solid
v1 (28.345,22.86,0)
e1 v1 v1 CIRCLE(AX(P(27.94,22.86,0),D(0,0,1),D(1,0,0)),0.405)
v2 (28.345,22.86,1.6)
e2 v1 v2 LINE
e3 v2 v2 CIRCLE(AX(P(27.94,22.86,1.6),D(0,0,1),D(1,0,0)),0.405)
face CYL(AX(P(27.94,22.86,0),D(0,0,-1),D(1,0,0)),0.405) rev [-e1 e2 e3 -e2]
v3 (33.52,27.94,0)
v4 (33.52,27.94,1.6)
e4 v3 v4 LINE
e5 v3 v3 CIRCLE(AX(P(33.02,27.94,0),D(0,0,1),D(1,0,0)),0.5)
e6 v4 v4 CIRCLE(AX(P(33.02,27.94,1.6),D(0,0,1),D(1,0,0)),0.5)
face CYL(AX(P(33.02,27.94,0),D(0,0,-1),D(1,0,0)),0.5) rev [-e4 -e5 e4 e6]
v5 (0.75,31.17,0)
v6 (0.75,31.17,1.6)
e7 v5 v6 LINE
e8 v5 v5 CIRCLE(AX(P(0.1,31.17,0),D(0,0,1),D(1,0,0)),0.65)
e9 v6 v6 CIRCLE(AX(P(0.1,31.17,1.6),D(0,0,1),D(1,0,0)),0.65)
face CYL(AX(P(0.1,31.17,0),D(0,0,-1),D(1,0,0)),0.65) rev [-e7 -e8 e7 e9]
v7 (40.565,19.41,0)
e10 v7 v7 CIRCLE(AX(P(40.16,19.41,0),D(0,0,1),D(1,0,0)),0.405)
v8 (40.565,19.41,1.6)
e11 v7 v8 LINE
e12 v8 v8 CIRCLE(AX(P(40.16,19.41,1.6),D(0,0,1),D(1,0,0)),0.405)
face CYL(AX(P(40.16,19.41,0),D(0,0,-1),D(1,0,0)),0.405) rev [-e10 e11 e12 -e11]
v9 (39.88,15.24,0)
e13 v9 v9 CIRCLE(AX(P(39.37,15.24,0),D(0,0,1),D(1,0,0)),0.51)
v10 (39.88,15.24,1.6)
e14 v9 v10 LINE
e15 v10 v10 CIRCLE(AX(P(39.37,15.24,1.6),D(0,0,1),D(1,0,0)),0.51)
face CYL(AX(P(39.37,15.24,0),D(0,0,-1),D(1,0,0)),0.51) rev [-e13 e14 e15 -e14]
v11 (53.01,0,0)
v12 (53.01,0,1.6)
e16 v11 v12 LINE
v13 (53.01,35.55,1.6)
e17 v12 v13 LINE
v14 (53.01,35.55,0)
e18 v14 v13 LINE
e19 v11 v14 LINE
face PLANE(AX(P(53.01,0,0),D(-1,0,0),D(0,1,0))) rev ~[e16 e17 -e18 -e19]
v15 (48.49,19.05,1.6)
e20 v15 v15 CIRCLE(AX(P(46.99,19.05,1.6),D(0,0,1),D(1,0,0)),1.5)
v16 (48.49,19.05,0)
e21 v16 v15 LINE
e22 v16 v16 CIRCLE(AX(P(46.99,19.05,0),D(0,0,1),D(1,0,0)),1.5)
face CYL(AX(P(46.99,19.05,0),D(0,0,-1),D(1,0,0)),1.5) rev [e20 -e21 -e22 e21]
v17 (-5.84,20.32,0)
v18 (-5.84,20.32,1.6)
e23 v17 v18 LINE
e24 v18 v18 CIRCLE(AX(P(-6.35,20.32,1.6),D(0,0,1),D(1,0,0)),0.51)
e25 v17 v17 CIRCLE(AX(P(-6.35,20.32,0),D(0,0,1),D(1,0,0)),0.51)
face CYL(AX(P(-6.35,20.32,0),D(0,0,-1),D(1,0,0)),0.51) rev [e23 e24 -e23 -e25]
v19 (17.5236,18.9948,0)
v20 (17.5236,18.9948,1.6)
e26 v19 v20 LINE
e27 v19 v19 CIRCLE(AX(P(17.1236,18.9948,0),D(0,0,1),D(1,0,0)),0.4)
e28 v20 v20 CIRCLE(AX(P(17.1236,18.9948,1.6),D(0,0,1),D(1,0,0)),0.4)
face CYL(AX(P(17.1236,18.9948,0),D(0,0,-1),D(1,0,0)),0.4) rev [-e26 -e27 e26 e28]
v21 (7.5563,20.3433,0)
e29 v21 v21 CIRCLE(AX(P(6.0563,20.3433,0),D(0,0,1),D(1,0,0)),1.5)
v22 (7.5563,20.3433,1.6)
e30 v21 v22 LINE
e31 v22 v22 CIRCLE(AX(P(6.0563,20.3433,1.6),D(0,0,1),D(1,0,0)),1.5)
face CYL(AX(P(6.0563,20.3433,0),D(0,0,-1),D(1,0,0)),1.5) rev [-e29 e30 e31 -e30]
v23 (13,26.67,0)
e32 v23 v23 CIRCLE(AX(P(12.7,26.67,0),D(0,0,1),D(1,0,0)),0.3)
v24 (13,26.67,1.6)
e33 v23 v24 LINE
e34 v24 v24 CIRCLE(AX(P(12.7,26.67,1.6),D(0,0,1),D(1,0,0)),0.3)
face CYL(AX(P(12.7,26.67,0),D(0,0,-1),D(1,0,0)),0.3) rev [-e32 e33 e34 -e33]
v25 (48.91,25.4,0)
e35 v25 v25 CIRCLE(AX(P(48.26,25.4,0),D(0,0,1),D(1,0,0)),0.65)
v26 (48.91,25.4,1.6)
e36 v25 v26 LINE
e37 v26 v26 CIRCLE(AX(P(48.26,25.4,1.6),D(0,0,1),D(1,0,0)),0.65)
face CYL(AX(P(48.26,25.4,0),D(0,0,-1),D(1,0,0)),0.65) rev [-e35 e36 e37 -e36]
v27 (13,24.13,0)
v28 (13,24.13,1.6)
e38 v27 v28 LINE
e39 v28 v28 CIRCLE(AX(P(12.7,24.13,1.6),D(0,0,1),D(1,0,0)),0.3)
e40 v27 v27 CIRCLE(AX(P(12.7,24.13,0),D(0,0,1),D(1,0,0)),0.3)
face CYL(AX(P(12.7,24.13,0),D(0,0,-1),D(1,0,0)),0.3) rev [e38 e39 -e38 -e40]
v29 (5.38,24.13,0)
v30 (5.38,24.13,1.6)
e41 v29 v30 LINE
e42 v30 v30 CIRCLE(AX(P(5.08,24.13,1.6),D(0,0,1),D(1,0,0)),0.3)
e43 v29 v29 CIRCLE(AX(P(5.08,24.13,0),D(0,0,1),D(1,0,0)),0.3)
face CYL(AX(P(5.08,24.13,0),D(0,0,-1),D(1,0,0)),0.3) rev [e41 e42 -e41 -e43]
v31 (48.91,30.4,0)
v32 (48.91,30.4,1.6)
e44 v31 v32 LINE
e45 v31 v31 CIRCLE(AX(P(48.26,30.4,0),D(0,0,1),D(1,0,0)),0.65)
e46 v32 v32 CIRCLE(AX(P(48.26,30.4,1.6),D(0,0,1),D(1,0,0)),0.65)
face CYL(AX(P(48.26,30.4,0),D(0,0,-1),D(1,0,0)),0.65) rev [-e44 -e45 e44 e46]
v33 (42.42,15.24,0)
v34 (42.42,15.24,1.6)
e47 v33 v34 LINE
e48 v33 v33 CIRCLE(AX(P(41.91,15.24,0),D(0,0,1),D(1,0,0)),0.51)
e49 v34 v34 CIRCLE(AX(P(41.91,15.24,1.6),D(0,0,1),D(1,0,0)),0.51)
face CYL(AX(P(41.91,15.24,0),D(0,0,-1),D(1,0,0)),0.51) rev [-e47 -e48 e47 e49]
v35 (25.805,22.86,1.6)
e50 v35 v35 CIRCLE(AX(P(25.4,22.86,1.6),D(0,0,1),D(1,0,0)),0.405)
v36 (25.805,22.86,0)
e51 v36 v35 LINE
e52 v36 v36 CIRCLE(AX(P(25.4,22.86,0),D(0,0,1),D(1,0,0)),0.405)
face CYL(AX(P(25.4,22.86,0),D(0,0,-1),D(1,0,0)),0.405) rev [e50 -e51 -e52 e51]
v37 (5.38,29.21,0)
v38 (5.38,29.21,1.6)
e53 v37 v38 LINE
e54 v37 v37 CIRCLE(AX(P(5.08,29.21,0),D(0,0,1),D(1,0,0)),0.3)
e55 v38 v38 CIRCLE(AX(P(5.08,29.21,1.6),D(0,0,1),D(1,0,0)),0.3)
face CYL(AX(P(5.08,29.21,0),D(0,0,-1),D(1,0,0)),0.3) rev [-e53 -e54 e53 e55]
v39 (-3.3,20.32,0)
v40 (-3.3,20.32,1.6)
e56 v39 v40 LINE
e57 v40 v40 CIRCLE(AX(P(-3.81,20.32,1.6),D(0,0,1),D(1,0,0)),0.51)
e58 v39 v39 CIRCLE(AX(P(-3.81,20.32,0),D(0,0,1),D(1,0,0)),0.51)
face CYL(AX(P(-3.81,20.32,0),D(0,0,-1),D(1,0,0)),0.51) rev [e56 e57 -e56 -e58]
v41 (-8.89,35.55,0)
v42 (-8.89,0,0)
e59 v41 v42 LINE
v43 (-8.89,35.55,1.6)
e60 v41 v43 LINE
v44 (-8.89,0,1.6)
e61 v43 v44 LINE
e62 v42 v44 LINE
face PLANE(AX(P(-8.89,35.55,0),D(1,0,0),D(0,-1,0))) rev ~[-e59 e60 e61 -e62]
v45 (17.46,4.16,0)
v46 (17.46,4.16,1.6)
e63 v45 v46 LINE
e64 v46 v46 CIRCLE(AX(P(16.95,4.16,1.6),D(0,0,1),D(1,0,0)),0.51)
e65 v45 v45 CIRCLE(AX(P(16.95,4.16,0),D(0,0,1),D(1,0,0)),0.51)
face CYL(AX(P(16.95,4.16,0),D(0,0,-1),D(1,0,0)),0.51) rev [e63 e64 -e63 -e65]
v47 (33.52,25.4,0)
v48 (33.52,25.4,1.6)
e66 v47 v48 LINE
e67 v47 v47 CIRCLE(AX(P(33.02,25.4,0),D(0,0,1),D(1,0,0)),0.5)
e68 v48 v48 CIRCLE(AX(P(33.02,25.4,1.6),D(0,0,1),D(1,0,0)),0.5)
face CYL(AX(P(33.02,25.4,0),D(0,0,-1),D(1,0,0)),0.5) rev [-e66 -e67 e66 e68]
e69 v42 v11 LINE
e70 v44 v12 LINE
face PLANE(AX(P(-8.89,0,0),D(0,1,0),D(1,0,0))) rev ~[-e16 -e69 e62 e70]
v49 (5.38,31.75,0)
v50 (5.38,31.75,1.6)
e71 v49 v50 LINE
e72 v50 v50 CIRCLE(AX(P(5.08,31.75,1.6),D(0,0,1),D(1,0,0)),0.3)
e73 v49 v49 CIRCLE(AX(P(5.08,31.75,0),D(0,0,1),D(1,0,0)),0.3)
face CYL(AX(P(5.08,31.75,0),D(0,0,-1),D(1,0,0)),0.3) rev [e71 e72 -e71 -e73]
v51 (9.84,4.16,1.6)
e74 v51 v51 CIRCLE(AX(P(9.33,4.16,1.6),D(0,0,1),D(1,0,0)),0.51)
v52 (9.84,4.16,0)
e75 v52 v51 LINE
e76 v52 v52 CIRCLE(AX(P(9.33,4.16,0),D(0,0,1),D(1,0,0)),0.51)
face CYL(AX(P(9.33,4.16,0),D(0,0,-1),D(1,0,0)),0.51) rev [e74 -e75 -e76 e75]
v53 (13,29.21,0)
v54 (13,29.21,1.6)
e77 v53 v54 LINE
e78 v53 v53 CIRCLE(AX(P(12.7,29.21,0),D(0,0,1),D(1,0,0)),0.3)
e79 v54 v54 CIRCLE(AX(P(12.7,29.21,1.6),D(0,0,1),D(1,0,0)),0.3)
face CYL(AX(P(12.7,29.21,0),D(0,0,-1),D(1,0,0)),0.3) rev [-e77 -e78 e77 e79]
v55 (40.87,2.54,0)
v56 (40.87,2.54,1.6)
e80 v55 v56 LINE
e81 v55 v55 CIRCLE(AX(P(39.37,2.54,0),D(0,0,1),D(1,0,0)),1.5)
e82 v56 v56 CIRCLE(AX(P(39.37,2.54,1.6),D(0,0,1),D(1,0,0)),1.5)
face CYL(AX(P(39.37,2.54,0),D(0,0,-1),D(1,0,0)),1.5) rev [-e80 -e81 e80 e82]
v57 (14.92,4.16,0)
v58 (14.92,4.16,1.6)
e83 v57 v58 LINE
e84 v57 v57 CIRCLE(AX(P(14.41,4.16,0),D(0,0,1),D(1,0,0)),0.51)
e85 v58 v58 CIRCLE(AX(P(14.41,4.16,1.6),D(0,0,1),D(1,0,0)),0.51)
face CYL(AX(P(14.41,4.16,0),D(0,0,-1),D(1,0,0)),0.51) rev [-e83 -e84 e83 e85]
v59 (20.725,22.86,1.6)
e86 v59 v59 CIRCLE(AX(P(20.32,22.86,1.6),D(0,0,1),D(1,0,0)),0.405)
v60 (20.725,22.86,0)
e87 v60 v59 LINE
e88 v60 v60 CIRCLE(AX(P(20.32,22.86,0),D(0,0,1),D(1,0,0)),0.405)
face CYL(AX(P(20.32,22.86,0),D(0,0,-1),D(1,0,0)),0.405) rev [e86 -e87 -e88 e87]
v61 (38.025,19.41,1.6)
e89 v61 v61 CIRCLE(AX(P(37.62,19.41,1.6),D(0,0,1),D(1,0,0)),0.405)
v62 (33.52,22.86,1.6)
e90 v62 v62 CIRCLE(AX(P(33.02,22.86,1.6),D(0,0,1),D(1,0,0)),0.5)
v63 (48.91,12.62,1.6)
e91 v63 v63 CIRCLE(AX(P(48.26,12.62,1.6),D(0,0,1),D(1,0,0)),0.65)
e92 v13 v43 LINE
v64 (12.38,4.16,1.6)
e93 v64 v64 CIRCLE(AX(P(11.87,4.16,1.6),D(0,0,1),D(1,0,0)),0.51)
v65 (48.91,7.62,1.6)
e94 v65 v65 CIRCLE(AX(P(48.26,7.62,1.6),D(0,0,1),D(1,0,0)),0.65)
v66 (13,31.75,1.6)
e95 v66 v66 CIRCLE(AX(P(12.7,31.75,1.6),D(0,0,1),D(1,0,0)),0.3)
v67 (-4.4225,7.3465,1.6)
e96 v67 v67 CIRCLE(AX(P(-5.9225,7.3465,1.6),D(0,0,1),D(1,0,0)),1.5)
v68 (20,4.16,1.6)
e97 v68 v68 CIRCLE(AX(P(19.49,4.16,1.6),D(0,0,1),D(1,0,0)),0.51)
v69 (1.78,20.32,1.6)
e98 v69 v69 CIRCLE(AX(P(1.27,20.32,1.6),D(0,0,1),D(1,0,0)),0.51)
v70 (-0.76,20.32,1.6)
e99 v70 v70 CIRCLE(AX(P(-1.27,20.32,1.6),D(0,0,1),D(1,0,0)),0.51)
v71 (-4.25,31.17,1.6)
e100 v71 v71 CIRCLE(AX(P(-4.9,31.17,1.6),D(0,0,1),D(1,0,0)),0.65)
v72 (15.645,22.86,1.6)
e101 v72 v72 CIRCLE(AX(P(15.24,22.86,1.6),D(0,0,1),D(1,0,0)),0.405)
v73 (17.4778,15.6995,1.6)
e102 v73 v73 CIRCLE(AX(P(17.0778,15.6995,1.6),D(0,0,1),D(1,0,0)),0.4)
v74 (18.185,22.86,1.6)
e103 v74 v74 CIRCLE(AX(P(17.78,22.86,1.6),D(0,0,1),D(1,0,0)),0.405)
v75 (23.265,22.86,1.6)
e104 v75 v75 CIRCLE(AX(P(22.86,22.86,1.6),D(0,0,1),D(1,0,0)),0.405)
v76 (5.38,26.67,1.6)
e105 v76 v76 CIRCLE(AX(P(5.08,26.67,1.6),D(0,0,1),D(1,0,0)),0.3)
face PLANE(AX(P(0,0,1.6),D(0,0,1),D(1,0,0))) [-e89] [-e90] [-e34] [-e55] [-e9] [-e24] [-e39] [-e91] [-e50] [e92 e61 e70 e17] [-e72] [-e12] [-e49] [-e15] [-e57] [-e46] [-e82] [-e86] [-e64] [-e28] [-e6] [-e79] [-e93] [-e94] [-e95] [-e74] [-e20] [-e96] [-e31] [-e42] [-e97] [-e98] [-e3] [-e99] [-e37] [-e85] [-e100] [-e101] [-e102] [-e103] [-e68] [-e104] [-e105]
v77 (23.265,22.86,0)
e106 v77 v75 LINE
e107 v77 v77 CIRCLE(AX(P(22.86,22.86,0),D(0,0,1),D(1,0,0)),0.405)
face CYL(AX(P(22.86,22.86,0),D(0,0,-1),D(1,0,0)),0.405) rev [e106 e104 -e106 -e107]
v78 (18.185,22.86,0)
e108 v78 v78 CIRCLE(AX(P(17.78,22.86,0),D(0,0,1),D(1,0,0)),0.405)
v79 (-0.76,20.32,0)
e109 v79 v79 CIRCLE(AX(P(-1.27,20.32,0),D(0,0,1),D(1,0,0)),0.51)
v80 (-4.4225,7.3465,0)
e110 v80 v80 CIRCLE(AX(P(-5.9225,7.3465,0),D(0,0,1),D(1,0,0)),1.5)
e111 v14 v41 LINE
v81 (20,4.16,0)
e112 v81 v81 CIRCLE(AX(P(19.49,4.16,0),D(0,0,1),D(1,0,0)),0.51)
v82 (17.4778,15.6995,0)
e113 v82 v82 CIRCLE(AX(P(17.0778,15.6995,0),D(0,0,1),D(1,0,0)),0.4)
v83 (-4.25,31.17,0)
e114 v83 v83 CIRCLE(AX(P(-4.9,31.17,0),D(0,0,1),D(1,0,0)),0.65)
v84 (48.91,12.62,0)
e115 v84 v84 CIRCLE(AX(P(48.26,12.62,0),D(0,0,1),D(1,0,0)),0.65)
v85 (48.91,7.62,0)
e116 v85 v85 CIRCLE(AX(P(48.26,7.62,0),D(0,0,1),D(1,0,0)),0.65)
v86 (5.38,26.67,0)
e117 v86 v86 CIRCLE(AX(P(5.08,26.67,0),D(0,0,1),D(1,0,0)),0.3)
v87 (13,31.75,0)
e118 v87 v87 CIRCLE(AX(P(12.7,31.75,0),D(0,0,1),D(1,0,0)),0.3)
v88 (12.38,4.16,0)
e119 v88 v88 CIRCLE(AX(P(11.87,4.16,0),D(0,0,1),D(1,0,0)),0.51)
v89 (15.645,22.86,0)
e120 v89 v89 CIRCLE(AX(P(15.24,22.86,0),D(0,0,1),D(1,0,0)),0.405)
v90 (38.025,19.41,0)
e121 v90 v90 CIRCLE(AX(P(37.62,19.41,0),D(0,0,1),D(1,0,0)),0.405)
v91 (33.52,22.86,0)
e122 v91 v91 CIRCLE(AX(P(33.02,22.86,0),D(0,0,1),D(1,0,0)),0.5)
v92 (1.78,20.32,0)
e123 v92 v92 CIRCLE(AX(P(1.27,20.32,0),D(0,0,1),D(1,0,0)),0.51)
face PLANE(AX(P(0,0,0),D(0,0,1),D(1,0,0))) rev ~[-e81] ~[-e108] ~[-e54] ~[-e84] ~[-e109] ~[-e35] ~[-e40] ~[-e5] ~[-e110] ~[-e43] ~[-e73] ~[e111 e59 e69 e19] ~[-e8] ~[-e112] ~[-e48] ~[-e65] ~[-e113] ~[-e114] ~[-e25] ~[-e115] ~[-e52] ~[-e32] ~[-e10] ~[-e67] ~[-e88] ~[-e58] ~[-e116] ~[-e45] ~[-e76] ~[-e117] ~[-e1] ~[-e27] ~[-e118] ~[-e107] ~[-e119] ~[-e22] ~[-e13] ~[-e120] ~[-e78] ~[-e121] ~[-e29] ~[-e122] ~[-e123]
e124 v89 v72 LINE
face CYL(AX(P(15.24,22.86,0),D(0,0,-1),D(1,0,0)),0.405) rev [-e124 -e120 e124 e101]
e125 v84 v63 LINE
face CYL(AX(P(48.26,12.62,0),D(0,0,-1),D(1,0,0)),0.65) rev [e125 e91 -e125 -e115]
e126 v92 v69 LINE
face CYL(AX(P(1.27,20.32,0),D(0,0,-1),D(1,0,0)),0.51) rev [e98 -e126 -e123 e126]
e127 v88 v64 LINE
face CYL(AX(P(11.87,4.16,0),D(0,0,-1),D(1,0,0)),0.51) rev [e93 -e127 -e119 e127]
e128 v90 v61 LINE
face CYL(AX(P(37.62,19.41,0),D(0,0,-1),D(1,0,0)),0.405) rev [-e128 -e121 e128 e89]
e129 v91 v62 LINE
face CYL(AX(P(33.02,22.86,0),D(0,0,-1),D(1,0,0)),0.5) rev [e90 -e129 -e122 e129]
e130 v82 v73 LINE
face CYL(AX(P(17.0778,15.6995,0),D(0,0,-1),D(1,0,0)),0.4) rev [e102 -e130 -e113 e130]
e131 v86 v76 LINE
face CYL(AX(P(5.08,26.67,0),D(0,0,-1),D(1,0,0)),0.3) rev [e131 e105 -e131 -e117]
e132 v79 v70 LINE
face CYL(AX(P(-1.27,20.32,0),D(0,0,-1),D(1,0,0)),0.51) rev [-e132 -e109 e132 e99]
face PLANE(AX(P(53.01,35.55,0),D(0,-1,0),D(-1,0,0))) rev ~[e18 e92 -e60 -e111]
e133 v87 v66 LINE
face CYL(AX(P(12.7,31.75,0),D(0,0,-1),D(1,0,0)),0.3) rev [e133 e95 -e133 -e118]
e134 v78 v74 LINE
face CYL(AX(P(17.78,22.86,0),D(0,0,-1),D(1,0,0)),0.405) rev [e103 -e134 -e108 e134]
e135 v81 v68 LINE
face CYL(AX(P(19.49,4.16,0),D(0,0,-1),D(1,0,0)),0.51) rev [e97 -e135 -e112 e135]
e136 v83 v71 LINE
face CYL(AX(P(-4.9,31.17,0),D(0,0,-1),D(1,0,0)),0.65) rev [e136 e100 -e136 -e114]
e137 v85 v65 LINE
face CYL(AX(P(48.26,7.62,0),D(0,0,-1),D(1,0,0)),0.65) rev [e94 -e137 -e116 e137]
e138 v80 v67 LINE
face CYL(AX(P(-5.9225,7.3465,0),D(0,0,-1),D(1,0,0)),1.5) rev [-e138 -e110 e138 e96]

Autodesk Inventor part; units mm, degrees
ref_plane "YZ Plane" through (0, 0, 0) normal (1, 0, 0) x (0, 1, 0)
ref_plane "XZ Plane" through (0, 0, 0) normal (0, 1, 0) x (-1, 0, 0)
ref_plane "XY Plane" through (0, 0, 0) normal (0, 0, 1) x (1, 0, 0)
sketch "Эскиз1" plane through (0, 0, 0) normal (0, 0, 1) x (1, 0, 0)
  line L0 (-8.89, 0) -> (53.01, 0)
  line L1 (53.01, 0) -> (53.01, 35.55)
  line L2 (53.01, 35.55) -> (-8.89, 35.55)
  line L3 (-8.89, 35.55) -> (-8.89, 0)
  circle A0 centre (15.24, 22.86) radius 0.405
  circle A1 centre (17.78, 22.86) radius 0.405
  circle A2 centre (20.32, 22.86) radius 0.405
  circle A3 centre (22.86, 22.86) radius 0.405
  circle A4 centre (25.4, 22.86) radius 0.405
  circle A5 centre (27.94, 22.86) radius 0.405
  circle A6 centre (37.62, 19.41) radius 0.405
  circle A7 centre (40.16, 19.41) radius 0.405
  circle A8 centre (0.1, 31.17) radius 0.65
  circle A9 centre (-4.9, 31.17) radius 0.65
  circle A10 centre (1.27, 20.32) radius 0.51
  circle A11 centre (-1.27, 20.32) radius 0.51
  circle A12 centre (-3.81, 20.32) radius 0.51
  circle A13 centre (-6.35, 20.32) radius 0.51
  circle A14 centre (48.26, 25.4) radius 0.65
  circle A15 centre (48.26, 30.4) radius 0.65
  circle A16 centre (9.33, 4.16) radius 0.51
  circle A17 centre (11.87, 4.16) radius 0.51
  circle A18 centre (14.41, 4.16) radius 0.51
  circle A19 centre (16.95, 4.16) radius 0.51
  circle A20 centre (19.49, 4.16) radius 0.51
  circle A21 centre (39.37, 15.24) radius 0.51
  circle A22 centre (41.91, 15.24) radius 0.51
  circle A23 centre (48.26, 7.62) radius 0.65
  circle A24 centre (48.26, 12.62) radius 0.65
  circle A25 centre (12.7, 24.13) radius 0.3
  circle A26 centre (5.08, 26.67) radius 0.3
  circle A27 centre (5.08, 24.13) radius 0.3
  circle A28 centre (12.7, 26.67) radius 0.3
  circle A29 centre (5.08, 31.75) radius 0.3
  circle A30 centre (5.08, 29.21) radius 0.3
  circle A31 centre (12.7, 29.21) radius 0.3
  circle A32 centre (12.7, 31.75) radius 0.3
  circle A33 centre (33.02, 25.4) radius 0.5
  circle A34 centre (33.02, 27.94) radius 0.5
  circle A35 centre (33.02, 22.86) radius 0.5
  circle A36 centre (-5.9225, 7.3465) radius 1.5
  circle A37 centre (39.37, 2.54) radius 1.5
  circle A38 centre (46.99, 19.05) radius 1.5
  circle A39 centre (6.0563, 20.3433) radius 1.5
  circle A40 centre (17.1236, 18.9948) radius 0.4
  circle A41 centre (17.0778, 15.6995) radius 0.4
extrude "OmniBot_motor_driver.brdКонтур" add sketch "Эскиз1" along normal blind 1.6
properties part number "OmniBot_motor_driver.brdКонтур"
